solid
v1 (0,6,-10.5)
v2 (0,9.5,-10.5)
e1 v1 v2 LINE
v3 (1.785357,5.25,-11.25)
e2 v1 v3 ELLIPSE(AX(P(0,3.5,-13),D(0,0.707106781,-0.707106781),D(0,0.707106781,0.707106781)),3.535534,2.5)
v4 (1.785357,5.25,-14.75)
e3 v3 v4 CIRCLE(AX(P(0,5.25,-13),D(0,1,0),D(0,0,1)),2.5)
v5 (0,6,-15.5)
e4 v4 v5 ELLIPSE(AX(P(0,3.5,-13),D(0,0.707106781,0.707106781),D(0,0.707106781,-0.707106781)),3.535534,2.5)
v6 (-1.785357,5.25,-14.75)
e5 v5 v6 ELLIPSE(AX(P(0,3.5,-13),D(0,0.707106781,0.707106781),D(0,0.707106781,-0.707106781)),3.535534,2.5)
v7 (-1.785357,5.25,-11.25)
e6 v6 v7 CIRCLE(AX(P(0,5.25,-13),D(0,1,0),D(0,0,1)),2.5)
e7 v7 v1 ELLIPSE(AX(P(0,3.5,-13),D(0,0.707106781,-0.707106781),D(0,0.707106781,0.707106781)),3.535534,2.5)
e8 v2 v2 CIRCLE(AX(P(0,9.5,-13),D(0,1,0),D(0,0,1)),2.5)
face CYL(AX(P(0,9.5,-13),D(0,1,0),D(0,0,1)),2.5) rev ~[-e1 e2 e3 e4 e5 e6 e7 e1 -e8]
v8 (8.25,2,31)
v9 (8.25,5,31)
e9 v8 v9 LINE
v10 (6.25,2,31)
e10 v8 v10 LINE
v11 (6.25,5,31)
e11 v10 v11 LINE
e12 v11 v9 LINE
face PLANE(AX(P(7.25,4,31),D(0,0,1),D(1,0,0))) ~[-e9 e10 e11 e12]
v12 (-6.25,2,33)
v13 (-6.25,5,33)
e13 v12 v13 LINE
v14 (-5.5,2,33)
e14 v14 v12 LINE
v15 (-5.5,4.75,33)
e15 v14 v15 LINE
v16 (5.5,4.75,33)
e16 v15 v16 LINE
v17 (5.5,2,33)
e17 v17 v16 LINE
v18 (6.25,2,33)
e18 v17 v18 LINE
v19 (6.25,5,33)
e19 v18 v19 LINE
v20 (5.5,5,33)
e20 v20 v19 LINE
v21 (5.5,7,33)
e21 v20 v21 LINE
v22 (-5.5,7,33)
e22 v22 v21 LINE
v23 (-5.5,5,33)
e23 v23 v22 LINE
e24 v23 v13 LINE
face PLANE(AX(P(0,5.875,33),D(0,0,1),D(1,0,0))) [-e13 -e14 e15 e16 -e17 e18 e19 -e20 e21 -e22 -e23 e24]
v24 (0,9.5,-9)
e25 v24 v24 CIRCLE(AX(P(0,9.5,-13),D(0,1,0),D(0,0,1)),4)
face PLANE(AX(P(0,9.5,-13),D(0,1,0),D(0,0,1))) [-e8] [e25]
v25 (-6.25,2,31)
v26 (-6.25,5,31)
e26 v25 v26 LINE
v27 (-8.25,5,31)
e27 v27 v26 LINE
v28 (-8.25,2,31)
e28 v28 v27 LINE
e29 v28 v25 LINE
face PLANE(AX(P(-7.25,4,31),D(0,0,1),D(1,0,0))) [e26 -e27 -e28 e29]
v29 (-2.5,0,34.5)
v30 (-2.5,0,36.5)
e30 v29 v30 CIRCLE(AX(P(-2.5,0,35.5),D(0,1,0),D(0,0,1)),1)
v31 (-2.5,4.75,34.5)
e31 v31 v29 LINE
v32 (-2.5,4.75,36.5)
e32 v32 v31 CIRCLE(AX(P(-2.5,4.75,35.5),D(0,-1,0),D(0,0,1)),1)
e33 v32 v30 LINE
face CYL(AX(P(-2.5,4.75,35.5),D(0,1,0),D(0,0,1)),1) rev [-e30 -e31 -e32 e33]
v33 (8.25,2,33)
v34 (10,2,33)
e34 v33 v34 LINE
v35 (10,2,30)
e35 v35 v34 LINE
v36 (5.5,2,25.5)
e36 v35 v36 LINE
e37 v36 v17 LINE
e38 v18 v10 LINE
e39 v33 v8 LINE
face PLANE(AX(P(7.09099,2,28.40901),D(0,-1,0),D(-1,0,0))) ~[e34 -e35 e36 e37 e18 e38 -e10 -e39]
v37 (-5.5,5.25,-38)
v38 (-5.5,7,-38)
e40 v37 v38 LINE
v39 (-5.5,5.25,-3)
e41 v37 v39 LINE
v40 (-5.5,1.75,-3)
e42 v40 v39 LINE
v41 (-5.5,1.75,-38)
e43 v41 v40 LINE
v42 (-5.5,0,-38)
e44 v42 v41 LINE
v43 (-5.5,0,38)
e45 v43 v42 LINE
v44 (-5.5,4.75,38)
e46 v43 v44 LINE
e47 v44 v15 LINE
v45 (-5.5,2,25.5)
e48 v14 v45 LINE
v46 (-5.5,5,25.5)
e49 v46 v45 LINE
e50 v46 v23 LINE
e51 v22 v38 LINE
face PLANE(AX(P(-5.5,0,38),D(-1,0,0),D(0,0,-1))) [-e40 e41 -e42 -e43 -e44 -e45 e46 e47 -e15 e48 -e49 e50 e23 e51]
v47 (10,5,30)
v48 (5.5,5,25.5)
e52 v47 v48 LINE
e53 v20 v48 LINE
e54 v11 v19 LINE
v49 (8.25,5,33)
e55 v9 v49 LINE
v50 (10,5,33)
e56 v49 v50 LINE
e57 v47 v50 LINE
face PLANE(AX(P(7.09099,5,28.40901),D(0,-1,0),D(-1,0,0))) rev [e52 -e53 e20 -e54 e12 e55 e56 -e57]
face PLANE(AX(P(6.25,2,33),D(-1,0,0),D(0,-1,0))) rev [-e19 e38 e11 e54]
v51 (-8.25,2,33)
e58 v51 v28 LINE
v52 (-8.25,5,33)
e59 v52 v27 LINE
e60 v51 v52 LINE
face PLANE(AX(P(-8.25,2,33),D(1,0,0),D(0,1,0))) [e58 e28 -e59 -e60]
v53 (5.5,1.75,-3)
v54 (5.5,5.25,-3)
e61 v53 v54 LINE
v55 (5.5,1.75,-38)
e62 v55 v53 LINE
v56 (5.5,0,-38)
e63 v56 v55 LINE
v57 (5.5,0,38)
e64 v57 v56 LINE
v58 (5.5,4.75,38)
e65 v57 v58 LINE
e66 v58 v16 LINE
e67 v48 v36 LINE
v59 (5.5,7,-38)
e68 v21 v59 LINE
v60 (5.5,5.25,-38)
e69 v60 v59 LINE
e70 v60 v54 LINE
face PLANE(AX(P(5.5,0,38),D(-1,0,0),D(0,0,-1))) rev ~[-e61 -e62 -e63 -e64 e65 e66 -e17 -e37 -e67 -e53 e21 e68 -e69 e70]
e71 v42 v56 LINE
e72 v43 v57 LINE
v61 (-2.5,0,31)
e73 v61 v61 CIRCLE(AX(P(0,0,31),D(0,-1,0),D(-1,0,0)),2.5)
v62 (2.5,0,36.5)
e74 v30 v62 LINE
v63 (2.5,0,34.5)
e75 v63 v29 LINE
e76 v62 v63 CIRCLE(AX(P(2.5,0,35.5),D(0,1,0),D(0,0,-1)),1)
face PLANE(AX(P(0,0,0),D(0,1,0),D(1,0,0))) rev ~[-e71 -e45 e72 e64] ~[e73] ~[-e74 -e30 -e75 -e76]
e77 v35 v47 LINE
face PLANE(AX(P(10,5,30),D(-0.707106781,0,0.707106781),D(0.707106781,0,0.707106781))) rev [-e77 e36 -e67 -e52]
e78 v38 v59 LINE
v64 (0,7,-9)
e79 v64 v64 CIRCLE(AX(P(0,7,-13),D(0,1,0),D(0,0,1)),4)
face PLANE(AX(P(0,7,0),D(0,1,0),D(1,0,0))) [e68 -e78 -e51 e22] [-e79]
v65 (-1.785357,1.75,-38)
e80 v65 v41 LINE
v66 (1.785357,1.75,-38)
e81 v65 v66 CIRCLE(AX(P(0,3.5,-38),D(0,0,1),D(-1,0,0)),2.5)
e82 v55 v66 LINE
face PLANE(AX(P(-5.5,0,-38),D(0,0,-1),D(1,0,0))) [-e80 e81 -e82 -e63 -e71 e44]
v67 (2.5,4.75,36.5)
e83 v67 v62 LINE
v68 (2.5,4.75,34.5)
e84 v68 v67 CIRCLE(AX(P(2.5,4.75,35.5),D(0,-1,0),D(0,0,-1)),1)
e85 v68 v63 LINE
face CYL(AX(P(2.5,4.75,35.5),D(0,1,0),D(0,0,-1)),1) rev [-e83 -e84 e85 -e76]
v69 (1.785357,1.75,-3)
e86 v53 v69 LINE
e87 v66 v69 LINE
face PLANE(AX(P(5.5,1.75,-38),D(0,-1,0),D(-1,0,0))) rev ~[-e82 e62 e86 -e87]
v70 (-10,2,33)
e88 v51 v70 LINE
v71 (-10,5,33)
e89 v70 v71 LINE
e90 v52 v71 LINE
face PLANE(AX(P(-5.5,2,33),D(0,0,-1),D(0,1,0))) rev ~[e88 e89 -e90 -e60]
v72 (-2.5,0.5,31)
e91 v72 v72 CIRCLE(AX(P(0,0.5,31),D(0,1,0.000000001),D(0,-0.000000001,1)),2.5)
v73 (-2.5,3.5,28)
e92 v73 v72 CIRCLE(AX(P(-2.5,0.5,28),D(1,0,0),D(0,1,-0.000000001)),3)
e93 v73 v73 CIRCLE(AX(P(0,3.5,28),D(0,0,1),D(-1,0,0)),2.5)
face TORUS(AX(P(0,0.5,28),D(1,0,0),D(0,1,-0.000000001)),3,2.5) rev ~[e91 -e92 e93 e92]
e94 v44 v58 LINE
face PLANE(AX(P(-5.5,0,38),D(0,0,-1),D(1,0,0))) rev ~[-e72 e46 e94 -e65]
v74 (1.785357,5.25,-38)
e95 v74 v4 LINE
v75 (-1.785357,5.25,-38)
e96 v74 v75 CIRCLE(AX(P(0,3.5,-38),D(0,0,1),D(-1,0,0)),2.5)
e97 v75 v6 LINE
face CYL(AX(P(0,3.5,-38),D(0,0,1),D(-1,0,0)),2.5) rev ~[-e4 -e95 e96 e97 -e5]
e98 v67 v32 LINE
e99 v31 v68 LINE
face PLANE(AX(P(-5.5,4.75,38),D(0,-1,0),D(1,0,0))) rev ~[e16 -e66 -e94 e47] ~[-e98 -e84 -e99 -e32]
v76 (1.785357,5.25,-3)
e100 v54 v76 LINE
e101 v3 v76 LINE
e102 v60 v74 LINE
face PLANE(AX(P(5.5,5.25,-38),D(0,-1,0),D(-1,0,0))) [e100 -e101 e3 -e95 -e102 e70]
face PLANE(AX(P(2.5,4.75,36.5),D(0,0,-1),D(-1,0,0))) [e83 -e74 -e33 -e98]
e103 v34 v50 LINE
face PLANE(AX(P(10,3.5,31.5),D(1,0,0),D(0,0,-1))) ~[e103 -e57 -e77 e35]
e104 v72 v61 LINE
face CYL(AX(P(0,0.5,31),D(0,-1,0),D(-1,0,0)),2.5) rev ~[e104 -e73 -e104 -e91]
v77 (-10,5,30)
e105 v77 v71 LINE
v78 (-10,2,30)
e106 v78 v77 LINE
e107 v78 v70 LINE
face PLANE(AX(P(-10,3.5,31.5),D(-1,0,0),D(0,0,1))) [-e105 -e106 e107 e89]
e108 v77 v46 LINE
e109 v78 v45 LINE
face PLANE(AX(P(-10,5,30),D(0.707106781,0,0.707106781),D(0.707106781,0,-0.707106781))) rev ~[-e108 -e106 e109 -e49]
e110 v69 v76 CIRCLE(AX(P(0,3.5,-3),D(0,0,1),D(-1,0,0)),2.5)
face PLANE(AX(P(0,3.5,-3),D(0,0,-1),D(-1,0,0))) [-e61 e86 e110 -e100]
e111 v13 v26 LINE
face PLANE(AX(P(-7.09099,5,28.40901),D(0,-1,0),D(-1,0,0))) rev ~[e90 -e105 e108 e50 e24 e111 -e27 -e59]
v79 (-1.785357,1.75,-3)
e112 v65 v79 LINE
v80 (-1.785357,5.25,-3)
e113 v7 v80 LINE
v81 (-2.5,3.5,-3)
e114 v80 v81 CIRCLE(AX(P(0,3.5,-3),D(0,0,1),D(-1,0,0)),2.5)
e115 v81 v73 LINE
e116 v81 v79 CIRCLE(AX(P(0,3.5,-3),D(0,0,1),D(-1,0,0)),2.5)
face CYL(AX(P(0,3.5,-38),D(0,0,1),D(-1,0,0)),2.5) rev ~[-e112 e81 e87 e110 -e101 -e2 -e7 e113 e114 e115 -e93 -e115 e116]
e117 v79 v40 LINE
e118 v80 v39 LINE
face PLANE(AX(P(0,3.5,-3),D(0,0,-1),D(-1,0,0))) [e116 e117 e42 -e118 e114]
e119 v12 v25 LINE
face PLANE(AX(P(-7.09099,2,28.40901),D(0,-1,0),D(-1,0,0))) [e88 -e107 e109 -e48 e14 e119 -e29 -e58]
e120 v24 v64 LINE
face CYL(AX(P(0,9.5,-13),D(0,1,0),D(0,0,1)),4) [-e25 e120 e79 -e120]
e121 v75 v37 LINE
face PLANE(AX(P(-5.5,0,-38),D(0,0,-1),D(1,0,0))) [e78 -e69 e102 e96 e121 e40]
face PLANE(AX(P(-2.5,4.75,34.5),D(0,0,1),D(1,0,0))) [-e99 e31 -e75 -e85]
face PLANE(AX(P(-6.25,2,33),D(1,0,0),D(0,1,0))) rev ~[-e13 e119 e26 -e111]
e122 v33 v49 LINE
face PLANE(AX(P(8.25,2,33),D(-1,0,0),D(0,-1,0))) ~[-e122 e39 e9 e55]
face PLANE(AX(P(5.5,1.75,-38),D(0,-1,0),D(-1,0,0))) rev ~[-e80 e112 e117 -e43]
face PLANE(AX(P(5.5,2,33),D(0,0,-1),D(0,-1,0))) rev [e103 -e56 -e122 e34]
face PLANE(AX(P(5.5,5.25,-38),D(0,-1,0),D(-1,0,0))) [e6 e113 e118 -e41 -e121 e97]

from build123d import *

# Parameters (mm, degrees)
SKETCH1_W           = 11
SKETCH1_H           = 76
BOSS_EXTRUDE1_DEPTH = 7
SKETCH4_R           = 2.5
SKETCH5_W           = 3
SKETCH5_H           = 3
BOSS_EXTRUDE2_DEPTH = 4.5
SKETCH6_W           = 2
SKETCH6_H           = 4
CUT_EXTRUDE2_DEPTH  = 2
BOSS_EXTRUDE3_DEPTH = 3
SKETCH10_W          = 11
SKETCH10_H          = 3.5
CUT_EXTRUDE5_DEPTH  = 35
CUT_EXTRUDE6_REACH  = 41.912
SKETCH11_R          = 2.5
SKETCH12_W          = 11
SKETCH12_H          = 2.25
CUT_EXTRUDE9_DEPTH  = 5
CUT_EXTRUDE10_REACH = 41.58
BOSS_EXTRUDE4_START = 2.5
SKETCH15_R          = 4
SKETCH15_R_2        = 2.5
BOSS_EXTRUDE4_DEPTH = 2.5


with BuildPart() as part:
    # Sketch1 → Boss-Extrude1 (new body)
    with BuildSketch(Plane(origin=(0, 0, 0), x_dir=(1, 0, 0), z_dir=(0, 1, 0))):
        Rectangle(SKETCH1_W, SKETCH1_H)
    extrude(amount=BOSS_EXTRUDE1_DEPTH)

    # Cut-Sweep2: sweep along a path in Sketch3
    with BuildLine(Plane.ZY) as cut_sweep2_path:
        Line((-38, 3.5), (28, 3.5))
        ThreePointArc((28, 3.5), (30.121320344, 2.621320344), (31, 0.5))
        Line((31, 0.5), (31, 0))
    # Sketch4 → Cut-Sweep2 (sweep, cut)
    with BuildSketch(Plane(origin=(0, 0, -38), x_dir=(-1, 0, 0), z_dir=(0, 0, -1))):
        with Locations((0, 3.5)):
            Circle(SKETCH4_R)
    sweep(path=cut_sweep2_path.line, mode=Mode.SUBTRACT)

    # Sketch5 → Boss-Extrude2 (add)
    with BuildSketch(Plane.ZY.offset(5.5)):
        with Locations((31.5, 3.5)):
            Rectangle(SKETCH5_W, SKETCH5_H)
    boss_extrude2 = extrude(amount=BOSS_EXTRUDE2_DEPTH)

    # Mirror1: Boss-Extrude2 across plane
    add(boss_extrude2.mirror(Plane.ZY))

    # Sketch6 → Cut-Extrude2 (cut)
    with BuildSketch(Plane.XY.offset(33)):
        with Locations((-7.25, 4)):
            Rectangle(SKETCH6_W, SKETCH6_H)
    cut_extrude2 = extrude(amount=-CUT_EXTRUDE2_DEPTH, mode=Mode.SUBTRACT)

    # Mirror2: Cut-Extrude2 across plane
    add(cut_extrude2.mirror(Plane.ZY), mode=Mode.SUBTRACT)

    # Sketch7 → Boss-Extrude3 (add)
    with BuildSketch(Plane(origin=(0, 5, 0), x_dir=(1, 0, 0), z_dir=(0, 1, 0))):
        Polygon((-10, -30), (-5.5, -25.5), (-5.5, -30), align=None)
    boss_extrude3 = extrude(amount=-BOSS_EXTRUDE3_DEPTH)

    # Mirror3: Boss-Extrude3 across plane
    add(boss_extrude3.mirror(Plane.ZY))

    # Sketch10 → Cut-Extrude5 (cut)
    with BuildSketch(Plane(origin=(0, 0, -38), x_dir=(-1, 0, 0), z_dir=(0, 0, -1))):
        with Locations((0, 3.5)):
            Rectangle(SKETCH10_W, SKETCH10_H)
    extrude(amount=-CUT_EXTRUDE5_DEPTH, mode=Mode.SUBTRACT)

    # Sketch11 → Cut-Extrude6 (cut, up to next)
    with BuildSketch(Plane(origin=(0, 7, 0), x_dir=(1, 0, 0), z_dir=(0, 1, 0)), mode=Mode.PRIVATE) as cut_extrude6_sk1:
        with Locations(Location((0, 13, 0), (0, 0, 270))):
            Circle(SKETCH11_R)
    cut_extrude6_tool1 = extrude(cut_extrude6_sk1.sketch, amount=-CUT_EXTRUDE6_REACH, mode=Mode.PRIVATE) & part.part
    add(cut_extrude6_tool1.solids().sort_by_distance((0, 7, -13))[0], mode=Mode.SUBTRACT)

    # Sketch12 → Cut-Extrude9 (cut)
    with BuildSketch(Plane.XY.offset(38)):
        with Locations((0, 5.875)):
            Rectangle(SKETCH12_W, SKETCH12_H)
    extrude(amount=-CUT_EXTRUDE9_DEPTH, mode=Mode.SUBTRACT)

    # Sketch14 → Cut-Extrude10 (cut, up to next)
    with BuildSketch(Plane(origin=(0, 4.75, 0), x_dir=(1, 0, 0), z_dir=(0, 1, 0)), mode=Mode.PRIVATE) as cut_extrude10_sk1:
        with BuildLine():
            Line((-2.5, -34.5), (2.5, -34.5))
            ThreePointArc((2.5, -34.5), (3.5, -35.5), (2.5, -36.5))
            Line((2.5, -36.5), (-2.5, -36.5))
            ThreePointArc((-2.5, -36.5), (-3.5, -35.5), (-2.5, -34.5))
        make_face()
    cut_extrude10_tool1 = extrude(cut_extrude10_sk1.sketch, amount=-CUT_EXTRUDE10_REACH, mode=Mode.PRIVATE) & part.part
    add(cut_extrude10_tool1.solids().sort_by_distance((0, 4.75, 35.5))[0], mode=Mode.SUBTRACT)

    # Sketch15 → Boss-Extrude4 (add)
    with BuildSketch(Plane(origin=(0, 7, 0), x_dir=(1, 0, 0), z_dir=(0, 1, 0)).offset(BOSS_EXTRUDE4_START)):
        with Locations(Location((0, 13, 0), (0, 0, 270))):
            Circle(SKETCH15_R)
        with Locations(Location((0, 13, 0), (0, 0, 270))):
            Circle(SKETCH15_R_2, mode=Mode.SUBTRACT)
    extrude(amount=-BOSS_EXTRUDE4_DEPTH)


solid = part.part
